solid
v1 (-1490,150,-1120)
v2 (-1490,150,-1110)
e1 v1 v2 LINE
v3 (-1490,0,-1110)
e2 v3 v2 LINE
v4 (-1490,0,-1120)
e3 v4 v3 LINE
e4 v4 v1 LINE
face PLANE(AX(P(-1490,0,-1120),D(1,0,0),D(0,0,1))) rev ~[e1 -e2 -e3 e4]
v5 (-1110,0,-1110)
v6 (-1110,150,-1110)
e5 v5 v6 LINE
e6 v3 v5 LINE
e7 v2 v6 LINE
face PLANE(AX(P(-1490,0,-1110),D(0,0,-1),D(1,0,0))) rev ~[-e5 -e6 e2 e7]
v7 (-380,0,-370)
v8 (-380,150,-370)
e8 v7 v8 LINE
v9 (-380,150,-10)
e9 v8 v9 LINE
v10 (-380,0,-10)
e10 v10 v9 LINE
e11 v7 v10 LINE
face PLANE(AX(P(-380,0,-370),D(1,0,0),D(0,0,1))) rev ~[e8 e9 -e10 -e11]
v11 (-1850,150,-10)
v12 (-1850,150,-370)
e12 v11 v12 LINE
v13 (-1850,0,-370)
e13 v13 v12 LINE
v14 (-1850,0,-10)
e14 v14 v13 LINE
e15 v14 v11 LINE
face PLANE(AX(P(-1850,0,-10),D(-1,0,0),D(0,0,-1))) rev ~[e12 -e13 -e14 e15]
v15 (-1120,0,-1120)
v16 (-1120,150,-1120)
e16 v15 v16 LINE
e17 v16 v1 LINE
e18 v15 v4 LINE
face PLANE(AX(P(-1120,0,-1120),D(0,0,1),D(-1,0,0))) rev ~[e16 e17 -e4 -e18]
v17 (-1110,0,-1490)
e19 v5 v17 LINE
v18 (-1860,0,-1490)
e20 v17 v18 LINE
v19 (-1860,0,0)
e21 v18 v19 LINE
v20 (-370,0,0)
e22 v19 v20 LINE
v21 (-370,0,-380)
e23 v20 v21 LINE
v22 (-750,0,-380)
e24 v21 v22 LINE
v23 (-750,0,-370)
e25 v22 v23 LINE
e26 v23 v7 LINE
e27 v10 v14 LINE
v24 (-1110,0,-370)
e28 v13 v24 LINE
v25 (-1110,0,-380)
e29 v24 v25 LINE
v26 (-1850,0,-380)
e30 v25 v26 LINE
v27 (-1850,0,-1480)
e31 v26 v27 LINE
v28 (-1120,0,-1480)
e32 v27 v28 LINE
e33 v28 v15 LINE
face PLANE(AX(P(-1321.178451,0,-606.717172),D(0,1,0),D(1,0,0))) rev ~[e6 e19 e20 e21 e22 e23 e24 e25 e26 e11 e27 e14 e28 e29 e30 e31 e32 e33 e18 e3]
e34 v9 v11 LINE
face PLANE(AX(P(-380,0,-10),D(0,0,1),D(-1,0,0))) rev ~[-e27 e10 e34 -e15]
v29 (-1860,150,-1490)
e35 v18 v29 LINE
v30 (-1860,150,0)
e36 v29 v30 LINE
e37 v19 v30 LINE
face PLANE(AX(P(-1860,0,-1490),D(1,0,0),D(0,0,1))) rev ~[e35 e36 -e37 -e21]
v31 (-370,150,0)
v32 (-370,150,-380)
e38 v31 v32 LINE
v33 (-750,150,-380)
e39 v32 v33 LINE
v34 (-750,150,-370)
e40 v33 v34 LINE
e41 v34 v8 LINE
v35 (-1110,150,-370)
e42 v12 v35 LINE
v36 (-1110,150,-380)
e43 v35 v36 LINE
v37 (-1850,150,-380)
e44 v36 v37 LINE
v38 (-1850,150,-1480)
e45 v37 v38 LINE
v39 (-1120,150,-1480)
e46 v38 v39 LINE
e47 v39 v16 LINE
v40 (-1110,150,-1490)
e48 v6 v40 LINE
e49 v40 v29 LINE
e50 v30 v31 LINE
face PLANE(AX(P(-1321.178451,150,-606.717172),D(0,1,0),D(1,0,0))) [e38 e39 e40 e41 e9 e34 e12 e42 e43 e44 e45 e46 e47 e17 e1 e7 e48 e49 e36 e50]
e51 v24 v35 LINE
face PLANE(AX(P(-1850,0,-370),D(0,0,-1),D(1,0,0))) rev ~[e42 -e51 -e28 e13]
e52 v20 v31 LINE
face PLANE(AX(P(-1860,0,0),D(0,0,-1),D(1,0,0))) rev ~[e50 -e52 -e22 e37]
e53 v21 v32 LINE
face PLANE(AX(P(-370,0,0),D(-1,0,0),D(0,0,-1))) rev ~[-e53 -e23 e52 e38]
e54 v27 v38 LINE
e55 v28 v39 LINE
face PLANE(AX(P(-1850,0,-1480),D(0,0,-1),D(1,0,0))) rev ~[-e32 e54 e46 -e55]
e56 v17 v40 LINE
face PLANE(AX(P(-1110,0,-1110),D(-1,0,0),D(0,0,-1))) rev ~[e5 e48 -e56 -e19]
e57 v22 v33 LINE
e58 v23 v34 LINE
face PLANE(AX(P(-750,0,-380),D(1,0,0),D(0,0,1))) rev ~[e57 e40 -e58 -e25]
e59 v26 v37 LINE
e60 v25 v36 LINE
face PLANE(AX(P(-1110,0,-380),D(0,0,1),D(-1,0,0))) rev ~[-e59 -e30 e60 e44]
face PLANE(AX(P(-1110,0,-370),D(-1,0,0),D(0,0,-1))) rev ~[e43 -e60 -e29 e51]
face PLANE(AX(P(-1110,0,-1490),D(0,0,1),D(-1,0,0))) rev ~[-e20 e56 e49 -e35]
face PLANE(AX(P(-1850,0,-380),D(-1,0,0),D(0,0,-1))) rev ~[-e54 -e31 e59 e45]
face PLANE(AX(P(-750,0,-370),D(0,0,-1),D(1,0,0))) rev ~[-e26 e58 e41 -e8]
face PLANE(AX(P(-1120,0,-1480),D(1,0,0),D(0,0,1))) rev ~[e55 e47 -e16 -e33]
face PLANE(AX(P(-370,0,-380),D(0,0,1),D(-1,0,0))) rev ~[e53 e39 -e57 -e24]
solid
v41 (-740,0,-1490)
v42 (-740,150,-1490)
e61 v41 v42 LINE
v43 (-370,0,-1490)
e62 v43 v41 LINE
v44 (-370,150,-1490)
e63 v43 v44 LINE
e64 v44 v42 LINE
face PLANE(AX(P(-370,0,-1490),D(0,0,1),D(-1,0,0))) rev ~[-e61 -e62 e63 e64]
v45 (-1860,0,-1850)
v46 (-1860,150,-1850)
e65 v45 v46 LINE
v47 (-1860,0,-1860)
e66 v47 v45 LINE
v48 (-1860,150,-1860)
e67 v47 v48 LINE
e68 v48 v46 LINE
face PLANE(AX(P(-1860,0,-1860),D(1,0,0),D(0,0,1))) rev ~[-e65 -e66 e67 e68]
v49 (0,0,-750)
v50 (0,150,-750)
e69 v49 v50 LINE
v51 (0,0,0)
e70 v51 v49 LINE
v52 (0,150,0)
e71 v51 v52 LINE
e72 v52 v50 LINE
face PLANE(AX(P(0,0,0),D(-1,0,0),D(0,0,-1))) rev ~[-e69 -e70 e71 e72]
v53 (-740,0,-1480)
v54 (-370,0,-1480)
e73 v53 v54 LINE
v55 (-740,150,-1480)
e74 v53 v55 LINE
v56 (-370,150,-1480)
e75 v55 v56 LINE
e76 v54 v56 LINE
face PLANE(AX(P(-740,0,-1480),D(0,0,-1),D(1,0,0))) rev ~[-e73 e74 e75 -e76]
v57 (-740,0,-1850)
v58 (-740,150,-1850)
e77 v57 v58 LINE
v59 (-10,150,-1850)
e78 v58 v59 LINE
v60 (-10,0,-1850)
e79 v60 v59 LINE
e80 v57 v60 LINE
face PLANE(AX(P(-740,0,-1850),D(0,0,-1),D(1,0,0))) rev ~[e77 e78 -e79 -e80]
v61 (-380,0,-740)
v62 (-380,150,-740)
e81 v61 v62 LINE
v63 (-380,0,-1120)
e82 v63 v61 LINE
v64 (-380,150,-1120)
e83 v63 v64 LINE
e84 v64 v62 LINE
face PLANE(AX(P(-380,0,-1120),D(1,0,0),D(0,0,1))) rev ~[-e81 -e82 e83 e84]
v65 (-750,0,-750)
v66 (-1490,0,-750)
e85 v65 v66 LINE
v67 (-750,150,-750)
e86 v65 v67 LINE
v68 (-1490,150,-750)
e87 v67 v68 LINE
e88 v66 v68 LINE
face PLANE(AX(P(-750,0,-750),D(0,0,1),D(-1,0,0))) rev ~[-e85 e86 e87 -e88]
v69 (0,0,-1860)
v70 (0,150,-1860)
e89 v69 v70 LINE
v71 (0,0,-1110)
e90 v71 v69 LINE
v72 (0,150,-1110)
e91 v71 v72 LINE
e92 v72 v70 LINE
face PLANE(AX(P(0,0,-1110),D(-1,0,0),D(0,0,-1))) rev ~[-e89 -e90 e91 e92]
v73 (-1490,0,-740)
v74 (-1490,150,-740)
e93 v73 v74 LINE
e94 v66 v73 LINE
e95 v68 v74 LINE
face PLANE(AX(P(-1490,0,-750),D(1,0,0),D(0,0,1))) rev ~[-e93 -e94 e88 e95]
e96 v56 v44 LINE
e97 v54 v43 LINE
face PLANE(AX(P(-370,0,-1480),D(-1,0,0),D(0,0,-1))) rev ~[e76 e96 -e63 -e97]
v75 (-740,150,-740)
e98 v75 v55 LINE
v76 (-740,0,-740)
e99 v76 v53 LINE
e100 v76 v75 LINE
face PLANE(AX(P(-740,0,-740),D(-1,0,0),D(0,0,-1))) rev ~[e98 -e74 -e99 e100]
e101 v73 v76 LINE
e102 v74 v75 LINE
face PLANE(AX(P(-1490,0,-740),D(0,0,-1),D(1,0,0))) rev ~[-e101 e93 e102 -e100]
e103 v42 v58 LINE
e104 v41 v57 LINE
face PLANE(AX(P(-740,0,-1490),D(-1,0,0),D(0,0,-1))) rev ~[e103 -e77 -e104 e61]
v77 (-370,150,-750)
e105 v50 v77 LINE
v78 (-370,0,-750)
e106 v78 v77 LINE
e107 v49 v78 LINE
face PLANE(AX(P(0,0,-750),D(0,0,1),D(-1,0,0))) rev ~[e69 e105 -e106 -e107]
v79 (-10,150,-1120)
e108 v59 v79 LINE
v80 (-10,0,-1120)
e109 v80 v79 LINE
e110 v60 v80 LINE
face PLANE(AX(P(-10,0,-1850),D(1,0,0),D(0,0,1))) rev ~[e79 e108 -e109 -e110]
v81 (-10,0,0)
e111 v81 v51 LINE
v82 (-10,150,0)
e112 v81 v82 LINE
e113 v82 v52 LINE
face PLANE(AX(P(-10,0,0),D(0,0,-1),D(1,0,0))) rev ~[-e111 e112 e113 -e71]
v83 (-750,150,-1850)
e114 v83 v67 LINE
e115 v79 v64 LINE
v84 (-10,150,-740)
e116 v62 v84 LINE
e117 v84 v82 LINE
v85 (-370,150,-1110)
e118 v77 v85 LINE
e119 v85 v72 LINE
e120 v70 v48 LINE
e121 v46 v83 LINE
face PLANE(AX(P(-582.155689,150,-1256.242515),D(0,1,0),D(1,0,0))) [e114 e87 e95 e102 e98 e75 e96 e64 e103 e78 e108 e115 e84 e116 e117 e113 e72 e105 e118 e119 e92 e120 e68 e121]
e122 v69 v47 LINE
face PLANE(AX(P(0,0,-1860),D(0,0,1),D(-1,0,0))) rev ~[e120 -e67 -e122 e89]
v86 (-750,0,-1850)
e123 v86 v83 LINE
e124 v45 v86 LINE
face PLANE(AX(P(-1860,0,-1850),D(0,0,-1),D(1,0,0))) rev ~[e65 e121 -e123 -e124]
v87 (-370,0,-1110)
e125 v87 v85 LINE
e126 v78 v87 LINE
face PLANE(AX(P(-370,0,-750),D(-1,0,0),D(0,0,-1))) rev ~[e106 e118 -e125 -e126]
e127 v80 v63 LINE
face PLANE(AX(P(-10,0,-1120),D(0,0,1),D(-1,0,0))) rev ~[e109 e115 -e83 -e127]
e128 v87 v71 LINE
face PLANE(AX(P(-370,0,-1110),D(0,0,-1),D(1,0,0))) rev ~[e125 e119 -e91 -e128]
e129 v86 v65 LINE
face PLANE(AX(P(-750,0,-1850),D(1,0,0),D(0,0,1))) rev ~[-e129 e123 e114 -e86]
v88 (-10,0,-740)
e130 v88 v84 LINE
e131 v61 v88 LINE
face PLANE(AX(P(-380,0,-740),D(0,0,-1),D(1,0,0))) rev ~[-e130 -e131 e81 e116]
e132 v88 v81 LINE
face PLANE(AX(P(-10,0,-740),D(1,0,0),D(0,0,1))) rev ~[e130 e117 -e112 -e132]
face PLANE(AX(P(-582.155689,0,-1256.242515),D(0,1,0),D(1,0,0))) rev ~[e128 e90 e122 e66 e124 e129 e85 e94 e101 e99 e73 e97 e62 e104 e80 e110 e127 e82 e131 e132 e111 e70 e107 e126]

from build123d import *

# Parameters (mm, degrees)
BOSS_EXTRUDE1_DEPTH   = 150
BOSS_EXTRUDE1_2_DEPTH = 150


with BuildPart() as part:
    # Sketch1 → Boss-Extrude1 (new body)
    with BuildSketch(Plane(origin=(0, 0, 0), x_dir=(1, 0, 0), z_dir=(0, 1, 0))):
        Polygon((0, 1860), (-1860, 1860), (-1860, 1850), (-750, 1850), (-750, 750), (-1490, 750), (-1490, 740), (-740, 740), (-740, 1480), (-370, 1480), (-370, 1490), (-740, 1490), (-740, 1850), (-10, 1850), (-10, 1120), (-380, 1120), (-380, 740), (-10, 740), (-10, 0), (0, 0), (0, 750), (-370, 750), (-370, 1110), (0, 1110), align=None)
    extrude(amount=BOSS_EXTRUDE1_DEPTH)


with BuildPart() as body_2:
    # Sketch1 → Boss-Extrude1 2 (new body)
    with BuildSketch(Plane(origin=(0, 0, 0), x_dir=(1, 0, 0), z_dir=(0, 1, 0))):
        Polygon((-750, 370), (-380, 370), (-380, 10), (-1850, 10), (-1850, 370), (-1110, 370), (-1110, 380), (-1850, 380), (-1850, 1480), (-1120, 1480), (-1120, 1120), (-1490, 1120), (-1490, 1110), (-1110, 1110), (-1110, 1490), (-1860, 1490), (-1860, 0), (-370, 0), (-370, 380), (-750, 380), align=None)
    extrude(amount=BOSS_EXTRUDE1_2_DEPTH)


solid = Compound([part.part, body_2.part])
